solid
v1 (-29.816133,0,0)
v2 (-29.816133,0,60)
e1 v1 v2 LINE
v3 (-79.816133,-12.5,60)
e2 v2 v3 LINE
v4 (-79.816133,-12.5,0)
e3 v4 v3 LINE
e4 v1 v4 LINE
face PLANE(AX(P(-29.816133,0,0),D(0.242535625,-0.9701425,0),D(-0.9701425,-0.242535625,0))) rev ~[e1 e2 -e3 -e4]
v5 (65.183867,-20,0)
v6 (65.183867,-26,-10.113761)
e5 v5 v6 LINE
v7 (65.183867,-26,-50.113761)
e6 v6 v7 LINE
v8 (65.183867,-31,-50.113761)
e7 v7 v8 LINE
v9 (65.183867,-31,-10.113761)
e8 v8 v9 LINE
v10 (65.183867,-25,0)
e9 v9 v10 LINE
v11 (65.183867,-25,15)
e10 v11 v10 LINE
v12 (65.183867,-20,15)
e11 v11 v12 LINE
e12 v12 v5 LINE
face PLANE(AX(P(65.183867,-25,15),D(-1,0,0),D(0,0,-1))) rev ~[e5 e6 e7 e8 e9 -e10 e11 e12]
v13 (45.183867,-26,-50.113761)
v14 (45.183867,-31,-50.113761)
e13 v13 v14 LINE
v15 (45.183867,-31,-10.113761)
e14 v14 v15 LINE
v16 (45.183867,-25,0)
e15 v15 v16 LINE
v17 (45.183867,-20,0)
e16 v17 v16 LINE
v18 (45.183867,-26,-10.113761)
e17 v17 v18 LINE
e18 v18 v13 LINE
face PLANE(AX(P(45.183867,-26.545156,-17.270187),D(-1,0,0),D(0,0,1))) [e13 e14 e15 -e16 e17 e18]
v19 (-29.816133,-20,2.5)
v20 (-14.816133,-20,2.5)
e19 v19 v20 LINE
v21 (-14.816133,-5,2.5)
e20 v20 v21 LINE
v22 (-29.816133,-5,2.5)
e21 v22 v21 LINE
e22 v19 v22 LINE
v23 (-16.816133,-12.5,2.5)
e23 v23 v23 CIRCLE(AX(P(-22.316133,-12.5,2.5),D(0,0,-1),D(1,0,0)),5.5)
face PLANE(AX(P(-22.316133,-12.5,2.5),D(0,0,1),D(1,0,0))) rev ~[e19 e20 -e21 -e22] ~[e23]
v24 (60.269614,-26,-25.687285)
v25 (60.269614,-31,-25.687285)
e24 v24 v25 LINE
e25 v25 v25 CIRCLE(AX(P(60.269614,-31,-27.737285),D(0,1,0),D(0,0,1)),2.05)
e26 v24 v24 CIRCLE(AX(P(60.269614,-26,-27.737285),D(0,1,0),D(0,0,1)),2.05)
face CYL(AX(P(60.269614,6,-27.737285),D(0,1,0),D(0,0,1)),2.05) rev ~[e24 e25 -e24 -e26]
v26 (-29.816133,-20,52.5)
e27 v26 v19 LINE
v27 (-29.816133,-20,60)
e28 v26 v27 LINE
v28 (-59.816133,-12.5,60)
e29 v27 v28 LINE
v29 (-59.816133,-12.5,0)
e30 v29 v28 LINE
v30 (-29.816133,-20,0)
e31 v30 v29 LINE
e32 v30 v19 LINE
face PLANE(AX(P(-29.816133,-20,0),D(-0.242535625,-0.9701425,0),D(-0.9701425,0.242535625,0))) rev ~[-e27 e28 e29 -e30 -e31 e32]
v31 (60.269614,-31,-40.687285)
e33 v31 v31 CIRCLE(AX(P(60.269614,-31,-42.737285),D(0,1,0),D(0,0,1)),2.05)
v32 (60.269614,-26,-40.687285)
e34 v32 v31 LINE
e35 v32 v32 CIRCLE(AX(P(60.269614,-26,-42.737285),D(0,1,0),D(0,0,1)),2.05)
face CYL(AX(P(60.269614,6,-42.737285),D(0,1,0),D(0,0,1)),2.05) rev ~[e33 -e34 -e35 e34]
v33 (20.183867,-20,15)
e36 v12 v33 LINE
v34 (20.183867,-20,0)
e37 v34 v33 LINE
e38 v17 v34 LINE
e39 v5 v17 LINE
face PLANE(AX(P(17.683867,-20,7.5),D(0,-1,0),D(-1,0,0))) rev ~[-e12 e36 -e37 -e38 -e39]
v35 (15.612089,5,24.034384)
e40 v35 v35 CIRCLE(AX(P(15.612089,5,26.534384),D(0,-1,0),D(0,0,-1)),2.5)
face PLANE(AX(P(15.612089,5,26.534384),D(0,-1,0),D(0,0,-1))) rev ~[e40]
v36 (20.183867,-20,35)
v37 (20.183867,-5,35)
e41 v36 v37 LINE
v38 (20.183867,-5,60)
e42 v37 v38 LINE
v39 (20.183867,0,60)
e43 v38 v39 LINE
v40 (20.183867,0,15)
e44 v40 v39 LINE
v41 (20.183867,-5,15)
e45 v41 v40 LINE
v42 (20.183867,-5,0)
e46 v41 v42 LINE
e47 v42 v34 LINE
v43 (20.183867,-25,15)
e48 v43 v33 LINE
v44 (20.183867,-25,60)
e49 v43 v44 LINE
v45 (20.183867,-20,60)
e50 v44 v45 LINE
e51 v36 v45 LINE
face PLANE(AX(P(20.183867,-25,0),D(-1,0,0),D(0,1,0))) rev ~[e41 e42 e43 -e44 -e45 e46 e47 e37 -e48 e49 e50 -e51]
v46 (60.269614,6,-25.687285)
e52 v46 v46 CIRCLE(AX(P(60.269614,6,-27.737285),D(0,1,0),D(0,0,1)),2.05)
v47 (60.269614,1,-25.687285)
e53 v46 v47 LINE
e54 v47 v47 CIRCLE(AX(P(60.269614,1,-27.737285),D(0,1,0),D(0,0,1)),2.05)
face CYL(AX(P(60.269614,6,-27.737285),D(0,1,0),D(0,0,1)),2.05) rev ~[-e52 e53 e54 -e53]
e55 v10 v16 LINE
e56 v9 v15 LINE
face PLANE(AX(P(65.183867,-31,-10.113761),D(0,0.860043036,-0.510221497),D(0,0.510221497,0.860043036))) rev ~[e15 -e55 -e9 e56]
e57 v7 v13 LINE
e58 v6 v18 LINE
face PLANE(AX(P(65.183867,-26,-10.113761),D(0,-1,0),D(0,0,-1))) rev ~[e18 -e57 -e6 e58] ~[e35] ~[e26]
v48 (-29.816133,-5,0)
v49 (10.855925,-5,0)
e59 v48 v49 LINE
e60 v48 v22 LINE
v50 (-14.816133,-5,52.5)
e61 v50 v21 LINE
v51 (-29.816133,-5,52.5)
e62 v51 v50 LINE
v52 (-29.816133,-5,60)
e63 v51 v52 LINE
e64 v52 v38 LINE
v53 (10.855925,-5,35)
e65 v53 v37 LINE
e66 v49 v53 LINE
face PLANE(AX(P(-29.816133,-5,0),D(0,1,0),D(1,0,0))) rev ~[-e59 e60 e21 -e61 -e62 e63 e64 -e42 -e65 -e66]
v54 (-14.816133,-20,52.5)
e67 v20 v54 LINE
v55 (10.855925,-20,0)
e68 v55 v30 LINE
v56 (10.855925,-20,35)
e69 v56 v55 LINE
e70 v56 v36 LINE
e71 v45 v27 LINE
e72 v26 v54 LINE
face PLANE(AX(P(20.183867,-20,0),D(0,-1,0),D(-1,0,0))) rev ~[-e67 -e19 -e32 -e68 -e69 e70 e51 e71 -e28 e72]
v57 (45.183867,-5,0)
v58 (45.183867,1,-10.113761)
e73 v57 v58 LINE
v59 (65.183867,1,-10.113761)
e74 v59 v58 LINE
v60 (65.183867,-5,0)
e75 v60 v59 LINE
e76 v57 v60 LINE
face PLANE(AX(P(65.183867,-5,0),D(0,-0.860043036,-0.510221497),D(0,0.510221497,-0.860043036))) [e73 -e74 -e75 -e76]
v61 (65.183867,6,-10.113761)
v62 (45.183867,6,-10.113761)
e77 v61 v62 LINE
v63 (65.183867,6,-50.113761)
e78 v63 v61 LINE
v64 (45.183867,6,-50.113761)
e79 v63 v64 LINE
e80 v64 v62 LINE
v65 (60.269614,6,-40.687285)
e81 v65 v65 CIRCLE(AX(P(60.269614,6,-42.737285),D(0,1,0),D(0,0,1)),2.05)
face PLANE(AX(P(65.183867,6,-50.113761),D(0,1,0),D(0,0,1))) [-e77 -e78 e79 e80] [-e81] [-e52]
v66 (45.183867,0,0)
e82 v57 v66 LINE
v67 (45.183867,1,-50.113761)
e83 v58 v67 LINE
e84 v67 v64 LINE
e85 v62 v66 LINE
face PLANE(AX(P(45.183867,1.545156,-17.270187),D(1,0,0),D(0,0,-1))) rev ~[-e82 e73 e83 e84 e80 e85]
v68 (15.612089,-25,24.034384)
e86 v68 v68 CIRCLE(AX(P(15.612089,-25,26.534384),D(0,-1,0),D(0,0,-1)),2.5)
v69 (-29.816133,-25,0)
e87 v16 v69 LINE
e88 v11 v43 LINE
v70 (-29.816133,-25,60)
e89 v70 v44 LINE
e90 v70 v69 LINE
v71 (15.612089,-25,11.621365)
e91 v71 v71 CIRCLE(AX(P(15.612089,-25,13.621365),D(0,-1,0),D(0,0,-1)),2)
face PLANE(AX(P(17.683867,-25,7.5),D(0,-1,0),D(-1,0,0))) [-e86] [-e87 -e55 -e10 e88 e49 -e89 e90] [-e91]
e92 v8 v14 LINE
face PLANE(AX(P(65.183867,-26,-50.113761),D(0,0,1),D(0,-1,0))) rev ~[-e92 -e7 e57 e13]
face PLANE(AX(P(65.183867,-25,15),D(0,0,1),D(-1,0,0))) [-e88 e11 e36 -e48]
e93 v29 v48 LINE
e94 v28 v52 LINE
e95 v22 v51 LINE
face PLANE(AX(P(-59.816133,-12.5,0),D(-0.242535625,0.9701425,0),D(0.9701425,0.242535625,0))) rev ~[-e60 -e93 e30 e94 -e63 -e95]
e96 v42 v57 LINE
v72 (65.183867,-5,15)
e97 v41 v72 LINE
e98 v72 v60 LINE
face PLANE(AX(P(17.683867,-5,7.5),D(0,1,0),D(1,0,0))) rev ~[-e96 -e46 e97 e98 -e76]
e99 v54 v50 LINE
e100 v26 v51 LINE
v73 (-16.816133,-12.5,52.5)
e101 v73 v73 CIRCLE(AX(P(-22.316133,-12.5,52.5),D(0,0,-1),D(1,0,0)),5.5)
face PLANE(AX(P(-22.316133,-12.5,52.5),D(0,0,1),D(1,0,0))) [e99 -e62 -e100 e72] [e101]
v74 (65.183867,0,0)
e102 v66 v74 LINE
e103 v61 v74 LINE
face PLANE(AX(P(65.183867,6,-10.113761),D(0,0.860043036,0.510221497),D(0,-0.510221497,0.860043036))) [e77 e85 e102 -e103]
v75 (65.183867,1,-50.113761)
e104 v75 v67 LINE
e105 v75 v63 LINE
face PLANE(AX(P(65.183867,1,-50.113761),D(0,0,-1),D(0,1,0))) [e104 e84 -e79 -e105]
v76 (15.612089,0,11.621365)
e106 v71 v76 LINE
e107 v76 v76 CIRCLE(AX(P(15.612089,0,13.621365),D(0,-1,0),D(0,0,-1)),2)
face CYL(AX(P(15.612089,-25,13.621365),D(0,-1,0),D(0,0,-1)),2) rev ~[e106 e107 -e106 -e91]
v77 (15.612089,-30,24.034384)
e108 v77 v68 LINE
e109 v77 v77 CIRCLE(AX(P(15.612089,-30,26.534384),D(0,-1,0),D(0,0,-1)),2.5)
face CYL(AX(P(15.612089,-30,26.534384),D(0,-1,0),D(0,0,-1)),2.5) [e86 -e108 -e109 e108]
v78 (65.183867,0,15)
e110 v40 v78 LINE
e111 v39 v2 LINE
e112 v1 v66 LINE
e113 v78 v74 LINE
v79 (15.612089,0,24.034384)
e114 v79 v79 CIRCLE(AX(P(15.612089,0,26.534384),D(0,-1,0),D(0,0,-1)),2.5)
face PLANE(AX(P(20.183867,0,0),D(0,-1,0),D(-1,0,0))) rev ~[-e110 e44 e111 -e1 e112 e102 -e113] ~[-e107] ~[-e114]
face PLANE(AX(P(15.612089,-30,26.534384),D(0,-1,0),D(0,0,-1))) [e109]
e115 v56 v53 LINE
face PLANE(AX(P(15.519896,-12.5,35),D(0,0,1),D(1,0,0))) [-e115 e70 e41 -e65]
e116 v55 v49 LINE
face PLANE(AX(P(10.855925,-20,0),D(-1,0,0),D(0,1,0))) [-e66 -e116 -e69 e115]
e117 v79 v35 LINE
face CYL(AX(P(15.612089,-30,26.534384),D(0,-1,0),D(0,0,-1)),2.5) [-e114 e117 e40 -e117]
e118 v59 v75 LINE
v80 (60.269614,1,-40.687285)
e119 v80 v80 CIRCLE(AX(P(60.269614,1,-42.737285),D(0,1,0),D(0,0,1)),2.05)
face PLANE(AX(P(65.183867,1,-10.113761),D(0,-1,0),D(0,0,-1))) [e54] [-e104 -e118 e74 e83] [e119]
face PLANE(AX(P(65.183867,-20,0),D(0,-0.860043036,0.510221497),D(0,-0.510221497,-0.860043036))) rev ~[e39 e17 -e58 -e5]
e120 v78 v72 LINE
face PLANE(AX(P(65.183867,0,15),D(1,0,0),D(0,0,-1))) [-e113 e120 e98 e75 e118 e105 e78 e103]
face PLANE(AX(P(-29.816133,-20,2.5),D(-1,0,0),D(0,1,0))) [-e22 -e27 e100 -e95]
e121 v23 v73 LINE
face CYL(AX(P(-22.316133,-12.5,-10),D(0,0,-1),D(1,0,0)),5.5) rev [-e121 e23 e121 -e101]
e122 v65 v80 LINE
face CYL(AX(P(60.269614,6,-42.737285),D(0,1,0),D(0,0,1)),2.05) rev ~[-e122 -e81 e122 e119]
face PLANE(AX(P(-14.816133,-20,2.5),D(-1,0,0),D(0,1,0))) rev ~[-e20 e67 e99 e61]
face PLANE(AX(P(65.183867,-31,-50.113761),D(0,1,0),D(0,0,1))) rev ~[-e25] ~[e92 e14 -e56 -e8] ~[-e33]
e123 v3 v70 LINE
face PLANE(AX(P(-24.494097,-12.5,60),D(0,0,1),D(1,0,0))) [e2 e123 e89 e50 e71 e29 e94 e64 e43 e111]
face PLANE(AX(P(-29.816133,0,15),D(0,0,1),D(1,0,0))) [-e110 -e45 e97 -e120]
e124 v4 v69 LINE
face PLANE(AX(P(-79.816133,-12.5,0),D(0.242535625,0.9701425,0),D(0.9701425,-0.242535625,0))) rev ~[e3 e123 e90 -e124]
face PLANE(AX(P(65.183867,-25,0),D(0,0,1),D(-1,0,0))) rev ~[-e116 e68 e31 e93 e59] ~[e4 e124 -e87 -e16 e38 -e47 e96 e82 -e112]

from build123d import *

# Parameters (mm, degrees)
BOSS_EXTRU_1_DEPTH      = 60
BOSS_EXTRU_2_START      = 2.5
ESQUISSE3_W             = 15
ESQUISSE3_H             = 15
BOSS_EXTRU_2_DEPTH      = 50
ENL_V_START             = -10
ESQUISSE4_R             = 5.5
ENL_V_MAT_EXTRU_1_DEPTH = 105
ESQUISSE5_W             = 9.327942275
ESQUISSE5_H             = 15
BOSS_EXTRU_3_DEPTH      = 35
ESQUISSE12_W            = 95
ESQUISSE12_H            = 15
BOSS_EXTRU_9_DEPTH      = 5
ESQUISSE13_W            = 95
ESQUISSE13_H            = 15
BOSS_EXTRU_10_DEPTH     = 5
BOSS_EXTRU_12_DEPTH     = 20
ESQUISSE18_R            = 2.05
ENL_V_MAT_EXTRU_4_DEPTH = 50
ESQUISSE20_R            = 2
ENL_V_MAT_EXTRU_6_DEPTH = 32
BOSS_EXTRU_13_START     = 5
ESQUISSE21_R            = 2.5
BOSS_EXTRU_13_DEPTH     = 35


with BuildPart() as part:
    # Esquisse1 → Boss.-Extru.1 (new body)
    with BuildSketch(Plane.XY):
        Polygon((-29.816132576, -5), (20.183867424, -5), (20.183867424, 0), (-29.816132576, 0), (-79.816132576, -12.5), (-29.816132576, -25), (20.183867424, -25), (20.183867424, -20), (-29.816132576, -20), (-59.816132576, -12.5), align=None)
    extrude(amount=BOSS_EXTRU_1_DEPTH)

    # Esquisse3 → Boss.-Extru.2 (add)
    with BuildSketch(Plane.XY.offset(BOSS_EXTRU_2_START)):
        with Locations((-22.316132576, -12.5)):
            Rectangle(ESQUISSE3_W, ESQUISSE3_H)
    extrude(amount=BOSS_EXTRU_2_DEPTH)

    # Esquisse4 → Enlèv. mat.-Extru.1 (cut)
    with BuildSketch(Plane.XY.offset(ENL_V_START)):
        with Locations((-22.316132576, -12.5)):
            Circle(ESQUISSE4_R)
    extrude(amount=ENL_V_MAT_EXTRU_1_DEPTH, mode=Mode.SUBTRACT)

    # Esquisse5 → Boss.-Extru.3 (add)
    with BuildSketch(Plane.XY):
        with Locations((15.519896287, -12.5)):
            Rectangle(ESQUISSE5_W, ESQUISSE5_H)
    extrude(amount=BOSS_EXTRU_3_DEPTH)

    # Esquisse12 → Boss.-Extru.9 (add)
    with BuildSketch(Plane(origin=(0, 0, 0), x_dir=(1, 0, 0), z_dir=(0, 1, 0))):
        with Locations((17.683867424, -7.5)):
            Rectangle(ESQUISSE12_W, ESQUISSE12_H)
    extrude(amount=-BOSS_EXTRU_9_DEPTH)

    # Esquisse13 → Boss.-Extru.10 (add)
    with BuildSketch(Plane(origin=(0, -25, 0), x_dir=(-1, 0, 0), z_dir=(0, -1, 0))):
        with Locations((-17.683867424, -7.5)):
            Rectangle(ESQUISSE13_W, ESQUISSE13_H)
    extrude(amount=-BOSS_EXTRU_10_DEPTH)

    # Esquisse14 → Boss.-Extru.12 (add)
    with BuildSketch(Plane(origin=(65.183867424, 0, 0), x_dir=(0, 0, -1), z_dir=(1, 0, 0))):
        Polygon((0, 0), (-15, 0), (-15, -5), (0, -5), (10.113760869, 1), (50.113760869, 1), (50.113760869, 6), (10.113760869, 6), align=None)
        Polygon((-15, -25), (-15, -20), (0, -20), (10.113760869, -26), (50.113760869, -26), (50.113760869, -31), (10.113760869, -31), (0, -25), align=None)
    extrude(amount=-BOSS_EXTRU_12_DEPTH)

    # Esquisse18 → Enlèv. mat.-Extru.4 (cut)
    with BuildSketch(Plane(origin=(0, 6, 0), x_dir=(1, 0, 0), z_dir=(0, 1, 0))):
        with Locations(Location((60.269613545, 42.737284556, 0), (0, 0, 270))):  # turned: the seam where the file's is
            Circle(ESQUISSE18_R)
        with Locations(Location((60.269613545, 27.737284556, 0), (0, 0, 270))):  # turned: the seam where the file's is
            Circle(ESQUISSE18_R)
    extrude(amount=-ENL_V_MAT_EXTRU_4_DEPTH, mode=Mode.SUBTRACT)

    # Esquisse20 → Enlèv. mat.-Extru.6 (cut, through all)
    with BuildSketch(Plane(origin=(0, -25, 0), x_dir=(-1, 0, 0), z_dir=(0, -1, 0))):
        with Locations(Location((-15.612089386, -13.621364953, 0), (0, 0, 90))):  # turned: the seam where the file's is
            Circle(ESQUISSE20_R)
    extrude(amount=-ENL_V_MAT_EXTRU_6_DEPTH, mode=Mode.SUBTRACT)

    # Esquisse21 → Boss.-Extru.13 (add)
    with BuildSketch(Plane(origin=(0, -25, 0), x_dir=(-1, 0, 0), z_dir=(0, -1, 0)).offset(BOSS_EXTRU_13_START)):
        with Locations(Location((-15.612089386, -26.534383987, 0), (0, 0, 90))):  # turned: the seam where the file's is
            Circle(ESQUISSE21_R)
    extrude(amount=-BOSS_EXTRU_13_DEPTH)


solid = part.part
